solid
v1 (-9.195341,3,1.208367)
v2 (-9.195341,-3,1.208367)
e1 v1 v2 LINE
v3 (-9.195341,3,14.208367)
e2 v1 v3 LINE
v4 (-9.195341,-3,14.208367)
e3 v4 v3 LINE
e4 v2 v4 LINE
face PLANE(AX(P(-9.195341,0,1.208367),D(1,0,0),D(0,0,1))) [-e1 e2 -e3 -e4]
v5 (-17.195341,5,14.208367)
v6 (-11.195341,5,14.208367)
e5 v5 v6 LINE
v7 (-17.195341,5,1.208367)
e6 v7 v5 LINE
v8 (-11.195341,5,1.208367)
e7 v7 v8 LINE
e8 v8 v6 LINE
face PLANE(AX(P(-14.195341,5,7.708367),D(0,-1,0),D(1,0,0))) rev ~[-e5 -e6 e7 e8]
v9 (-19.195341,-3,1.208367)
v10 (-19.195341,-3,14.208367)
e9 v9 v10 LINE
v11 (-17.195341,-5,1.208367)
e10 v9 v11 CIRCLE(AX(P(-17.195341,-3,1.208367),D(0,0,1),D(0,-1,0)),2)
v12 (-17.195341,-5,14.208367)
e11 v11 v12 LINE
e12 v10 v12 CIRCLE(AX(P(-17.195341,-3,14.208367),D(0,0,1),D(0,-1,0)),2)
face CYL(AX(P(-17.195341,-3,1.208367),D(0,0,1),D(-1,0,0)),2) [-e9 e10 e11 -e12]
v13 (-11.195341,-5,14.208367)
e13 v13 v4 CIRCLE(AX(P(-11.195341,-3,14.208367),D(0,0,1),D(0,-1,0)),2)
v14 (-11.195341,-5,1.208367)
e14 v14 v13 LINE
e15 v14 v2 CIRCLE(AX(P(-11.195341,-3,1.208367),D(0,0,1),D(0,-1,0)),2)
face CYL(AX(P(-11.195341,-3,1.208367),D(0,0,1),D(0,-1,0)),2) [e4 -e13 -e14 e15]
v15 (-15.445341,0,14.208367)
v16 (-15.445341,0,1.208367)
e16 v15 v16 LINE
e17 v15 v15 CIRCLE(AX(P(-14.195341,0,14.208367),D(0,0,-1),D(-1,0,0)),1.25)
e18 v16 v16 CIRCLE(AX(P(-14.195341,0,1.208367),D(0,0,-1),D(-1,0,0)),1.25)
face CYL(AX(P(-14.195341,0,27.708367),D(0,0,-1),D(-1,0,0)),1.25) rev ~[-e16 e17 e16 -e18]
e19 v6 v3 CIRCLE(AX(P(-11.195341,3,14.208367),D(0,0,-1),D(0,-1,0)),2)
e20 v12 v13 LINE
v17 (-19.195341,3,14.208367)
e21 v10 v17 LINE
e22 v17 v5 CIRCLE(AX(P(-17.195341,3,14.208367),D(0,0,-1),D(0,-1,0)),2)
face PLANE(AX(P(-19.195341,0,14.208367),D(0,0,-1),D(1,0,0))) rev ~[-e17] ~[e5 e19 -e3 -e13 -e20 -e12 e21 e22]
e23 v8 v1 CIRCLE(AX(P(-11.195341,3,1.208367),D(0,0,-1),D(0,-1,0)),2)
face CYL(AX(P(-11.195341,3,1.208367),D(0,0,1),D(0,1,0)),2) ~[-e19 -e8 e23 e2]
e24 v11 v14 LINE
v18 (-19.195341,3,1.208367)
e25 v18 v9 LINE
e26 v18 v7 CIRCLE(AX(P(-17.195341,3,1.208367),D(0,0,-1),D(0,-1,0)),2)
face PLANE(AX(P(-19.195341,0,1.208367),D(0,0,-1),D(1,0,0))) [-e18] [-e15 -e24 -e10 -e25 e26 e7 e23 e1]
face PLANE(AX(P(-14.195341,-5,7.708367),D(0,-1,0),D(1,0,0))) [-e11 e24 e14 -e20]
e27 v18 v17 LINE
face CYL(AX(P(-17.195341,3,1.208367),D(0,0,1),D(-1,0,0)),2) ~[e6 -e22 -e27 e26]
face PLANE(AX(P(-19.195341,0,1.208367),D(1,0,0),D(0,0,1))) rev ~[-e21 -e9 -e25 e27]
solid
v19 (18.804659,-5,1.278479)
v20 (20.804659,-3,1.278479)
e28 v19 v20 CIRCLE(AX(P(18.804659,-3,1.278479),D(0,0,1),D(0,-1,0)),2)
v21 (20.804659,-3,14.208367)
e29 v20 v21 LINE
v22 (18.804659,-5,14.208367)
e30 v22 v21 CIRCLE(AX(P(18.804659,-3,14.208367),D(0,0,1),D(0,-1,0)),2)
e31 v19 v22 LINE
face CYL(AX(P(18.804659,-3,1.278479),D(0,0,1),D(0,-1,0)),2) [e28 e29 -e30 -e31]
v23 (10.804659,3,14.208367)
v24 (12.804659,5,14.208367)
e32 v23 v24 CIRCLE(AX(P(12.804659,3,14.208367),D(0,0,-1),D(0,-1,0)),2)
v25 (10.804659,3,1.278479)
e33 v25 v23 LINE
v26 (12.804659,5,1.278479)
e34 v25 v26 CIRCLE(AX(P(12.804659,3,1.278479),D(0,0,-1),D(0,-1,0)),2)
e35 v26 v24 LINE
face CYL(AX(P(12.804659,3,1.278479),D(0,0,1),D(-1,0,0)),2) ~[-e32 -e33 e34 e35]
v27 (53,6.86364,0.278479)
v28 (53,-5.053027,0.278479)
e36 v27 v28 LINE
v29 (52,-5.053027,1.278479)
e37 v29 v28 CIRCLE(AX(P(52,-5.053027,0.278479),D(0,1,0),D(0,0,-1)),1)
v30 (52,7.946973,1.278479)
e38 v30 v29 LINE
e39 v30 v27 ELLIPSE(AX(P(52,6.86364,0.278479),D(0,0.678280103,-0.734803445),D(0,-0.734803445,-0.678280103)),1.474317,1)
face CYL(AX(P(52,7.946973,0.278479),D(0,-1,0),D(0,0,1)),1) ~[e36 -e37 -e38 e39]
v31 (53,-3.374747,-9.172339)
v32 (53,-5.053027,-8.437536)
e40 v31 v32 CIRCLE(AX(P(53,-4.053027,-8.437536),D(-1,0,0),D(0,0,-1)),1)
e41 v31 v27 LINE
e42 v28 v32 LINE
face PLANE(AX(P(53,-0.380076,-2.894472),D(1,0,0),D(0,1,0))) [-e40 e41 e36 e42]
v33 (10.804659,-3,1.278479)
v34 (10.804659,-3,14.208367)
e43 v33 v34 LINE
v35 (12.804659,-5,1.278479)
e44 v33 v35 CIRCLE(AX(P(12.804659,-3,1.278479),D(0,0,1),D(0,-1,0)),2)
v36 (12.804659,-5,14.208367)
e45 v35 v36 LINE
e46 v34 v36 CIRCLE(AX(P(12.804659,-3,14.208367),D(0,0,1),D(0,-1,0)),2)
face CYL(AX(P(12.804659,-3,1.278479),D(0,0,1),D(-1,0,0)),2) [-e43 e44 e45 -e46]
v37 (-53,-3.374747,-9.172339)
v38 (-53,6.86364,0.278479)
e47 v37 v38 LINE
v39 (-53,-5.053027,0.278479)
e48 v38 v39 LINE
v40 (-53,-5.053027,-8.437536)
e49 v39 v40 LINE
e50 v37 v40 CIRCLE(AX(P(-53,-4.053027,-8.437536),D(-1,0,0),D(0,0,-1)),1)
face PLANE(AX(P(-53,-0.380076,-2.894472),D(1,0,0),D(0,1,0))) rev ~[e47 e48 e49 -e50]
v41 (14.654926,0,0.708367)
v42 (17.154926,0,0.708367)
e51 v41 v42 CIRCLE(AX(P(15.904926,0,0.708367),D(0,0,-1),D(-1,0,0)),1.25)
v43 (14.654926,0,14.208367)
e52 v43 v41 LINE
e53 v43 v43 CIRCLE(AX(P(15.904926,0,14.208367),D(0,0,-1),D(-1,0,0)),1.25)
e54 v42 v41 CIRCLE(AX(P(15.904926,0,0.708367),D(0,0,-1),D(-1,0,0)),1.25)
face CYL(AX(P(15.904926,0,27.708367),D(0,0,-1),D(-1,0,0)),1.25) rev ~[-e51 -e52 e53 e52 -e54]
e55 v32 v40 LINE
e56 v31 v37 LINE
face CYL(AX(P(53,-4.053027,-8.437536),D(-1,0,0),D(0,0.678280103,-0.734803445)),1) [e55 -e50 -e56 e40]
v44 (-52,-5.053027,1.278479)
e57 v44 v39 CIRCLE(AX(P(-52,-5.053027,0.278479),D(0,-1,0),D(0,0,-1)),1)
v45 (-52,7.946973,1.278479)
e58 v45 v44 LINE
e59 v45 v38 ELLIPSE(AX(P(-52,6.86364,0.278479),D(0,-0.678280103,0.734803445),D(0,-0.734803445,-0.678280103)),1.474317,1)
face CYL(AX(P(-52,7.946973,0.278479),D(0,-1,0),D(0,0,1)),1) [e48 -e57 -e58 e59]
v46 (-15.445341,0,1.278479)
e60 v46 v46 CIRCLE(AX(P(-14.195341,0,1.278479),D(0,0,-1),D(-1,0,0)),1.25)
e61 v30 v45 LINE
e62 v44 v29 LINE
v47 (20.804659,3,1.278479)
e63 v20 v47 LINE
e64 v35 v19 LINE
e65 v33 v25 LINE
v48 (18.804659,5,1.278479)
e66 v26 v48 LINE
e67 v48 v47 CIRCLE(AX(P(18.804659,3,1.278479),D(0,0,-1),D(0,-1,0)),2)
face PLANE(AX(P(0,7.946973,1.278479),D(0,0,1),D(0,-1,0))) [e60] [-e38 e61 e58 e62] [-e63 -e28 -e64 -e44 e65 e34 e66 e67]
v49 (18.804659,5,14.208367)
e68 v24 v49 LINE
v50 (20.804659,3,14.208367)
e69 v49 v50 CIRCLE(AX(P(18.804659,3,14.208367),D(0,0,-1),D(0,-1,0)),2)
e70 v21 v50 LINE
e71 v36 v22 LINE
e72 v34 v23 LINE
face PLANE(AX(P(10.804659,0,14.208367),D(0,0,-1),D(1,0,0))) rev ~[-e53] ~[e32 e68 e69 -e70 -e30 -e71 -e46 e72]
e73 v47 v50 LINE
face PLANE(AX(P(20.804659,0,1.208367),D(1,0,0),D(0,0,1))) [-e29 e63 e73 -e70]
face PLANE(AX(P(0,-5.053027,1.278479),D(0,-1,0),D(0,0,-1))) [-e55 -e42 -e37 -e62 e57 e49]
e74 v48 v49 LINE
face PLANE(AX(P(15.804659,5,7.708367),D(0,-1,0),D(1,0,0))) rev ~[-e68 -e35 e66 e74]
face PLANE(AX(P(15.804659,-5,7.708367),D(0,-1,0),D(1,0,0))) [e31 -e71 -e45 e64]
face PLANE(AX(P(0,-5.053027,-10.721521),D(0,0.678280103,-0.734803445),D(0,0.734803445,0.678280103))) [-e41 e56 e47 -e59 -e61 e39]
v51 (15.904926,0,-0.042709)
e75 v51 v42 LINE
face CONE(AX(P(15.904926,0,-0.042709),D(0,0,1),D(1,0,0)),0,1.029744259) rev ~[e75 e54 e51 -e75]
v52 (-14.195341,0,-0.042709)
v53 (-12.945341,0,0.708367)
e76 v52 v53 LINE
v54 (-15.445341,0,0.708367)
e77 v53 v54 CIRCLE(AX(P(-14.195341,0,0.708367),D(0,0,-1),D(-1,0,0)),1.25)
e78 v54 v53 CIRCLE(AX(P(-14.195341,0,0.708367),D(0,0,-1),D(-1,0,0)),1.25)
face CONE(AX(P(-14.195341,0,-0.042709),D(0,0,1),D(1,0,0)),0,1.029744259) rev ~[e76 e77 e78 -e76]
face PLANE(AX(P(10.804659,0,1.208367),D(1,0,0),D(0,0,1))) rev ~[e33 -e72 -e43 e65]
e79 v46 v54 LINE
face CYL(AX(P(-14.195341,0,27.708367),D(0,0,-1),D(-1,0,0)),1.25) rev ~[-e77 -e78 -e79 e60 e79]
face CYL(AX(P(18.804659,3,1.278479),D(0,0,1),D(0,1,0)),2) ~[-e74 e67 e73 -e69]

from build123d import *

# Parameters (mm, degrees)
F1_DEPTH       = 53
F2_W           = 10
F2_H           = 13
F3_DEPTH       = 5
F4_DEPTH       = 5
F7_D           = 2.5
F7_DEPTH       = 13.5
F7_TIP         = 0.7510757738
F7_2_D         = 2.5
F7_2_DEPTH     = 13.5
F7_2_TIP       = 0.7510757738
F7_ON_F5_D     = 2.5
F7_ON_F5_DEPTH = 13.5
F7_ON_F5_TIP   = 0.7510757738
F8_R           = 2
F8_2_R         = 2
F9_R           = 1


with BuildPart() as f1:
    # F0 (on Right) → F1 (new body, symmetric)
    with BuildSketch(Plane.YZ):
        Polygon((7.9469728339, 1.278479274), (-5.0530271661, 1.278479274), (-5.0530271661, -10.721520726), align=None)
    extrude(amount=F1_DEPTH, both=True)

    # F2 (on Front) → F4 (join, symmetric)
    with BuildSketch(Plane.XZ):
        with Locations((15.8046587557, 7.7083671931)):
            Rectangle(F2_W, F2_H)
    extrude(amount=F4_DEPTH, both=True)

    # F7
    with Locations(Plane.XY.offset(14.2083671931)):
        with Locations((-14.1953412443, 0)):
            Hole(F7_D / 2, depth=F7_DEPTH)
            with Locations((0, 0, -(F7_DEPTH + F7_TIP / 2))):  # 118° drill point
                Cone(0, F7_D / 2, F7_TIP, mode=Mode.SUBTRACT)

    # F7 on F5
    with Locations(Plane.XY.offset(14.2083671931)):
        with Locations((15.9049257636, 0)):
            Hole(F7_ON_F5_D / 2, depth=F7_ON_F5_DEPTH)
            with Locations((0, 0, -(F7_ON_F5_DEPTH + F7_ON_F5_TIP / 2))):  # 118° drill point
                Cone(0, F7_ON_F5_D / 2, F7_ON_F5_TIP, mode=Mode.SUBTRACT)

    # F8#2
    f8_2_edges = [f1.edges().sort_by_distance(p)[0] for p in [
        (10.804659, -5, 7.743423),
        (20.804659, -5, 7.743423),
        (20.804659, 5, 7.743423),
        (10.804659, 5, 7.743423),
    ]]
    fillet(f8_2_edges, radius=F8_2_R)

    # F9
    f9_edges = [f1.edges().sort_by_distance(p)[0] for p in [
        (53, 1.446973, 1.278479),
        (-53, 1.446973, 1.278479),
        (0, -5.053027, -10.721521),
    ]]
    fillet(f9_edges, radius=F9_R)


with BuildPart() as f3:
    # F2 (on Front) → F3 (new body, symmetric)
    with BuildSketch(Plane.XZ):
        with Locations((-14.1953412443, 7.7083671931)):
            Rectangle(F2_W, F2_H)
    extrude(amount=F3_DEPTH, both=True)

    # F7#2
    with Locations(Plane.XY.offset(14.2083671931)):
        with Locations((-14.1953412443, 0)):
            Hole(F7_2_D / 2, depth=F7_2_DEPTH)
            with Locations((0, 0, -(F7_2_DEPTH + F7_2_TIP / 2))):  # 118° drill point
                Cone(0, F7_2_D / 2, F7_2_TIP, mode=Mode.SUBTRACT)

    # F8
    f8_edges = [f3.edges().sort_by_distance(p)[0] for p in [
        (-9.195341, -5, 7.708367),
        (-9.195341, 5, 7.708367),
        (-19.195341, 5, 7.708367),
        (-19.195341, -5, 7.708367),
    ]]
    fillet(f8_edges, radius=F8_R)


solid = Compound([f1.part, f3.part])
